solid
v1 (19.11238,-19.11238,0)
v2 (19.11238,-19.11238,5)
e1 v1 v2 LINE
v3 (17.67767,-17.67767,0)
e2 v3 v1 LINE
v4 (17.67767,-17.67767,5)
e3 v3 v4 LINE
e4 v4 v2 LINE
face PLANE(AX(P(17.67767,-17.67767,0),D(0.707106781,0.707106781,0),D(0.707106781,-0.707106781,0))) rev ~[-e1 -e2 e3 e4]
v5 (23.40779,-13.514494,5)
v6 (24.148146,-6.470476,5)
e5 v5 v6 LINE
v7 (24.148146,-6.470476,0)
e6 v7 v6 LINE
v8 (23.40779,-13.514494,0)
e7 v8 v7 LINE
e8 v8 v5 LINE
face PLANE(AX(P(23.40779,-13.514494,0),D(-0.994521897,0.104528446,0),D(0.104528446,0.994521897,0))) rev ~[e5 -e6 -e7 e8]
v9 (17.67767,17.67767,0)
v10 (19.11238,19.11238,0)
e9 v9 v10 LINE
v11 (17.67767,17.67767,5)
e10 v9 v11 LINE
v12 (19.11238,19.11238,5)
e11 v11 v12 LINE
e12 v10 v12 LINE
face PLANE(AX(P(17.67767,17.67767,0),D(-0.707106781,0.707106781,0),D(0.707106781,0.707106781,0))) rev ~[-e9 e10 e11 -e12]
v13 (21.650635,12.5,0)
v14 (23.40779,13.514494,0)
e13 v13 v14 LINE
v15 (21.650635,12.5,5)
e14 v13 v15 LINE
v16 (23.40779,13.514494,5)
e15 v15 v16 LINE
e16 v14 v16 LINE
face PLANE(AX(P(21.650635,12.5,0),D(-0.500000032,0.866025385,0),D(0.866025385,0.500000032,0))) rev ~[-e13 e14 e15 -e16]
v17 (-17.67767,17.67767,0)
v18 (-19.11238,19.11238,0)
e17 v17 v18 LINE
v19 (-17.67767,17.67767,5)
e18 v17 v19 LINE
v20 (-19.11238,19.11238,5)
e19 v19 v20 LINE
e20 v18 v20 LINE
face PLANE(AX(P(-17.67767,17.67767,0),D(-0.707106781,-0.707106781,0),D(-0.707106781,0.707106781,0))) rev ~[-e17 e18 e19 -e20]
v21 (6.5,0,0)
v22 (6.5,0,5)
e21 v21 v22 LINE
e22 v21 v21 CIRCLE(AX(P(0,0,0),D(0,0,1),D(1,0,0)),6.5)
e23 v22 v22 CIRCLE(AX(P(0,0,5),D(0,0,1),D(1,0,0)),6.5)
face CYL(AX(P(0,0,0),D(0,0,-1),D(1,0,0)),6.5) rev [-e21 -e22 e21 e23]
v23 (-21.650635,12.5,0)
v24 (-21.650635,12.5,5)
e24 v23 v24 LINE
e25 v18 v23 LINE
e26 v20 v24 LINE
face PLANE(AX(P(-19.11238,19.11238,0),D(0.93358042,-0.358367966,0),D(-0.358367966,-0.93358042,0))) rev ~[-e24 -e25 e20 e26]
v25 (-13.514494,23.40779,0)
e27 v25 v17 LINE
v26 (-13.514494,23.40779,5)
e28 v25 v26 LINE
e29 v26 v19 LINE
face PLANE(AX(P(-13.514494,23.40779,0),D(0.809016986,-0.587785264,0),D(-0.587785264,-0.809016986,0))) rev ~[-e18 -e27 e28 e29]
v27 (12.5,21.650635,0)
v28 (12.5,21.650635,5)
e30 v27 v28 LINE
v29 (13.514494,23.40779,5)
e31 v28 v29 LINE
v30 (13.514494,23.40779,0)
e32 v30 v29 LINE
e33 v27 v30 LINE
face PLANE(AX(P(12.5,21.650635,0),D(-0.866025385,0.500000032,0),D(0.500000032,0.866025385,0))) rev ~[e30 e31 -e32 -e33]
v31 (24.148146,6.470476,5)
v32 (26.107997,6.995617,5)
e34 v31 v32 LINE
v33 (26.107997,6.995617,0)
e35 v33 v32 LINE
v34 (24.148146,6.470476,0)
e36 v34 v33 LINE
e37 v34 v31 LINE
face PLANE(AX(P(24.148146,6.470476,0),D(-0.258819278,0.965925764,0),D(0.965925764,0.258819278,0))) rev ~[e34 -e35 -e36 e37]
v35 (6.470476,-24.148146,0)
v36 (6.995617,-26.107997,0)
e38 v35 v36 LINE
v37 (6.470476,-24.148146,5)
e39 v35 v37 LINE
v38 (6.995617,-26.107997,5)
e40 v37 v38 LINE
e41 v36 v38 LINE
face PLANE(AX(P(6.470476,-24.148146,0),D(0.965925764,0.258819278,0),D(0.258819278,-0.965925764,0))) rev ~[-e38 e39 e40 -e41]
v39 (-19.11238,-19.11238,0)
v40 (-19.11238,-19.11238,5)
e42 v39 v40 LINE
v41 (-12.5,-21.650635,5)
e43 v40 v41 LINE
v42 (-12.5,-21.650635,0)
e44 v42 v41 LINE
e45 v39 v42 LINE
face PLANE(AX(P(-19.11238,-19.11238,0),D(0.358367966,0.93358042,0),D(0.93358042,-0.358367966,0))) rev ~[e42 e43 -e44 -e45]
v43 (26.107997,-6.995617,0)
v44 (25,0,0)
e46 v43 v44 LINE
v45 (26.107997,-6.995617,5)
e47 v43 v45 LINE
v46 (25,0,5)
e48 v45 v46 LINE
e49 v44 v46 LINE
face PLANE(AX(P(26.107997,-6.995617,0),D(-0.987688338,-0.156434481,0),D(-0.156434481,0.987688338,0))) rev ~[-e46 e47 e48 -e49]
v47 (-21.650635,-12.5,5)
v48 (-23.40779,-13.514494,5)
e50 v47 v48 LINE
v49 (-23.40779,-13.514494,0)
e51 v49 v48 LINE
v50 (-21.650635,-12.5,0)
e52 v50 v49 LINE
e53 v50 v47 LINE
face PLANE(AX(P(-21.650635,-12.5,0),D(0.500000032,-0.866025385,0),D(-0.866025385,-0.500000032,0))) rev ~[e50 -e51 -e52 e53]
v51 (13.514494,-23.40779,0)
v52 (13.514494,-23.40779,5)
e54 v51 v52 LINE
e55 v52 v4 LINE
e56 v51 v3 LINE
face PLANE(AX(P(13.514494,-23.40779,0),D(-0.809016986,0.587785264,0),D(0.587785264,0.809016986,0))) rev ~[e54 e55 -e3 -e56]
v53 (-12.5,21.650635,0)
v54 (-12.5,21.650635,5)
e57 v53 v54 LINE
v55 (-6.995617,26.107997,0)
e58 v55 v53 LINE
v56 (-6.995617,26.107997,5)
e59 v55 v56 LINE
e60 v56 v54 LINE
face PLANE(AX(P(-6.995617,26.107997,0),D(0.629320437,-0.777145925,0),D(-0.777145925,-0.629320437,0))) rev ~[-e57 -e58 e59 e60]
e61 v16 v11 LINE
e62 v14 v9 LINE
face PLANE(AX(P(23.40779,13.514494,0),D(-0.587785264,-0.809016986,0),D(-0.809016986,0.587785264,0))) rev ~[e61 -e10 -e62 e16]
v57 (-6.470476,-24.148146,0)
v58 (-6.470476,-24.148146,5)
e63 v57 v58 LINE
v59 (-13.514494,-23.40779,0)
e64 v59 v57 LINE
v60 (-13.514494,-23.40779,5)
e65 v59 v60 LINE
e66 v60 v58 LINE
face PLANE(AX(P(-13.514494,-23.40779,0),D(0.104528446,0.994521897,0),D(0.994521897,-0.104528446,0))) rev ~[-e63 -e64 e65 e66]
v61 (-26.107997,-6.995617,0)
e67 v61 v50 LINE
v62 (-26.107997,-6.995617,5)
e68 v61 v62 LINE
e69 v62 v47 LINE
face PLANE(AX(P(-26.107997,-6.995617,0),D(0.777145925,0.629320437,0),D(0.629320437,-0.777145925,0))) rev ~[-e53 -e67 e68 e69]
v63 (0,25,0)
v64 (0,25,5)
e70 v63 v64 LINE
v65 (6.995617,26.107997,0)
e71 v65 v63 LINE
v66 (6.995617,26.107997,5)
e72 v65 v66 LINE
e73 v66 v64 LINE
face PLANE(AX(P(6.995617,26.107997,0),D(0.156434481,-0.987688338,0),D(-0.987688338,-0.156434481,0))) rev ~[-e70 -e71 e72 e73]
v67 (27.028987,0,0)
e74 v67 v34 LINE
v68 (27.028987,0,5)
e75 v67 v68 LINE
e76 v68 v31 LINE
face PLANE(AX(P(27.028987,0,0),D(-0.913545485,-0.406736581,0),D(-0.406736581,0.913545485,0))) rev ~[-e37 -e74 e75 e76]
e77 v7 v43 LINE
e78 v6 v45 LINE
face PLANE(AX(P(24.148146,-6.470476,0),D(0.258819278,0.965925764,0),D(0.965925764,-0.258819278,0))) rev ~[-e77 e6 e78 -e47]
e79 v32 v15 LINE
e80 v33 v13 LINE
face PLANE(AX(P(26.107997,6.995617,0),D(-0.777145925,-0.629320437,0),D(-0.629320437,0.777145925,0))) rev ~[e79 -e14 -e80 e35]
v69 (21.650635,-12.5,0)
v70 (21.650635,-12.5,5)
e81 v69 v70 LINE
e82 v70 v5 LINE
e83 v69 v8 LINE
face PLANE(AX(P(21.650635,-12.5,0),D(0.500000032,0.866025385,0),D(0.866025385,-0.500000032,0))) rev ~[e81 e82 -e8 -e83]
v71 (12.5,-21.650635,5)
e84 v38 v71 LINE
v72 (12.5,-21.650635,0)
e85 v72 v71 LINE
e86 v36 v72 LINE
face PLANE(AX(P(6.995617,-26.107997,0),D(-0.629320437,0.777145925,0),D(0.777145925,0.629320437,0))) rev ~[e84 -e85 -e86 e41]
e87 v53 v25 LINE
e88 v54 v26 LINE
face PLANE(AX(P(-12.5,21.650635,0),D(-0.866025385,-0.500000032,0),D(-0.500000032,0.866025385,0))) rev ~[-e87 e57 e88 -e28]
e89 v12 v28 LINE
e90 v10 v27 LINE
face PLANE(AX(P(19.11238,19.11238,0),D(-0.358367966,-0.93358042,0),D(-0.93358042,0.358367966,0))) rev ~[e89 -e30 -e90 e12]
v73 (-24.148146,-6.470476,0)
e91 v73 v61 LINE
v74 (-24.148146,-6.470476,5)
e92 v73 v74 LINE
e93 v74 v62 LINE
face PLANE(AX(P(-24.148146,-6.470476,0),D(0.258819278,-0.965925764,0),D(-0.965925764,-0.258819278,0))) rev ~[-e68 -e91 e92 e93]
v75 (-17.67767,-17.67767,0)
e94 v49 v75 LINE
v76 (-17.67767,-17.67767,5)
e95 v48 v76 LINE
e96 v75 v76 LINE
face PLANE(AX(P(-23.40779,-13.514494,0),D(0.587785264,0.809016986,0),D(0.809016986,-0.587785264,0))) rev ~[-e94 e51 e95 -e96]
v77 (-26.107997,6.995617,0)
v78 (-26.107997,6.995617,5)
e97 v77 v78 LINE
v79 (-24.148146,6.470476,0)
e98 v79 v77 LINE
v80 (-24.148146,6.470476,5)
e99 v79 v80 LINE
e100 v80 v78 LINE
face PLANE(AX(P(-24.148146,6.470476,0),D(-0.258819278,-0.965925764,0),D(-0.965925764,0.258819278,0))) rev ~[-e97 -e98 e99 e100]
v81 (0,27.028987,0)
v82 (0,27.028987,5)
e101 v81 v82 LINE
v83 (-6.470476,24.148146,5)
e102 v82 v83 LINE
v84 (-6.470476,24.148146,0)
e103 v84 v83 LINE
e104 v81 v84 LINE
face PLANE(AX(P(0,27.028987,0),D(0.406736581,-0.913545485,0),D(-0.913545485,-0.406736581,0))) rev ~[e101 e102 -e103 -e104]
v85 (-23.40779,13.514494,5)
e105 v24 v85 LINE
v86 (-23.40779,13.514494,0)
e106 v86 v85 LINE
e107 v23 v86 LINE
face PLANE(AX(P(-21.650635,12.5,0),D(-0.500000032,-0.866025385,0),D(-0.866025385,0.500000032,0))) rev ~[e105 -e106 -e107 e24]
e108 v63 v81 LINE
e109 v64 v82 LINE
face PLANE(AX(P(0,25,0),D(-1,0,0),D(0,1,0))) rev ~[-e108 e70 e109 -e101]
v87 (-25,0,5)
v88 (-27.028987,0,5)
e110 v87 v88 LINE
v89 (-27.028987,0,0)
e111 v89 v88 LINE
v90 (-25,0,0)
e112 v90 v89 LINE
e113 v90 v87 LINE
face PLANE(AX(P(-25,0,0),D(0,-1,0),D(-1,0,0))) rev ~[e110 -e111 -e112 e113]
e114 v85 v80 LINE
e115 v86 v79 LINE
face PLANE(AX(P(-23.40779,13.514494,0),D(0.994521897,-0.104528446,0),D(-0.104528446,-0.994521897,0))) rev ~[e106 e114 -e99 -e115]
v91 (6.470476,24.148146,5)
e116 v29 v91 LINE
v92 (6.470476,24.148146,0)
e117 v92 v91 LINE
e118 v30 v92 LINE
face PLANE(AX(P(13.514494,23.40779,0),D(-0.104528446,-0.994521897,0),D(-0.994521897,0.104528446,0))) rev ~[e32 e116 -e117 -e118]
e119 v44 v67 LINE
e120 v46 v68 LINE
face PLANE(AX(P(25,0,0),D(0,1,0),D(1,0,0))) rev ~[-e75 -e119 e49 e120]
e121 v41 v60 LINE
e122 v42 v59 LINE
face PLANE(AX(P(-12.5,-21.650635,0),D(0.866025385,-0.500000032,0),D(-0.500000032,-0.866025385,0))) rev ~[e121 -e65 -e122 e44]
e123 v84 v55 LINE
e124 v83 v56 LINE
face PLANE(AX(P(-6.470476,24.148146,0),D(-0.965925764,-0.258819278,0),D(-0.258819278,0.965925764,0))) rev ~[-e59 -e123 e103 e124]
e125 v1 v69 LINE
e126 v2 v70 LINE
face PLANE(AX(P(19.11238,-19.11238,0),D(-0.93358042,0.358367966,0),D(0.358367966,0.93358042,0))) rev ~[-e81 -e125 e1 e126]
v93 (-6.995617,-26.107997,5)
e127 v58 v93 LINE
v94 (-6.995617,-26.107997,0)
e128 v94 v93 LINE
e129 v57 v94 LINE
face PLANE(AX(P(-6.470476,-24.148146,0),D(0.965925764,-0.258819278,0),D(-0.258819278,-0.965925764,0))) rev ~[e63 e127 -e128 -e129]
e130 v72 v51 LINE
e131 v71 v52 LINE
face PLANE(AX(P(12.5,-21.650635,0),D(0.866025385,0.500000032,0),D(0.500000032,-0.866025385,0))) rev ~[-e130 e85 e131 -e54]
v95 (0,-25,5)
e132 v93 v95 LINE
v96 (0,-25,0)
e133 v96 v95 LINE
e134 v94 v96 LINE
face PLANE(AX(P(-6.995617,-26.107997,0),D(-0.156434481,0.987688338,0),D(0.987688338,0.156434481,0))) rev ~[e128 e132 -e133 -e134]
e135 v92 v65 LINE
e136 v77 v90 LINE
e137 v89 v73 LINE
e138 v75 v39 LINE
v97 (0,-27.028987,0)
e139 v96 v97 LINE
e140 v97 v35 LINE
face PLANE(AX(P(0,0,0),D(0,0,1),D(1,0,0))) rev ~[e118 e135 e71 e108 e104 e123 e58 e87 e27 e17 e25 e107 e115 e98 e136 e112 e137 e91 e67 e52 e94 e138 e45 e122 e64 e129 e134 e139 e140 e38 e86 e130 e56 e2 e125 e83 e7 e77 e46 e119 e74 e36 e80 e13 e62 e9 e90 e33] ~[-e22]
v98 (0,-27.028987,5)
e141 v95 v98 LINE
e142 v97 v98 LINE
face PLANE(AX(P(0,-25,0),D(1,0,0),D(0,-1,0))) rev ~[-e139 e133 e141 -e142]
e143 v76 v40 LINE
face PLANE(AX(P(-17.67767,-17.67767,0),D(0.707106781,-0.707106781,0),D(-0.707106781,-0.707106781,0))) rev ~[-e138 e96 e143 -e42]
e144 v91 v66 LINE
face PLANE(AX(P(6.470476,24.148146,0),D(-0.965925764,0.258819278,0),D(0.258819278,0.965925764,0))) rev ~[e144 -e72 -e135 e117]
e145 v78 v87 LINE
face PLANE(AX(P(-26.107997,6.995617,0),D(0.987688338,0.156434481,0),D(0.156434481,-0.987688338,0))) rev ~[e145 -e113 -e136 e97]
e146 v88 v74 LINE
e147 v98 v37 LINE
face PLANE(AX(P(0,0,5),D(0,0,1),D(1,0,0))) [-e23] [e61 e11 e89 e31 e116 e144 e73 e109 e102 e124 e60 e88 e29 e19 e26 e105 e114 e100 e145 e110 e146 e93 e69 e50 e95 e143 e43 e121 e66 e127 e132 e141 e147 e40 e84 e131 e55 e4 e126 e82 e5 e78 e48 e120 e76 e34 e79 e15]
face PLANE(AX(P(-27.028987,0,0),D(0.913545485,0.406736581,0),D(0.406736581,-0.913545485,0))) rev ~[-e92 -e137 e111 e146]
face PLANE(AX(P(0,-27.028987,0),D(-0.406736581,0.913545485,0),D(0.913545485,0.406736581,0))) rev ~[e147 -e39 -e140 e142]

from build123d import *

# Parameters (mm, degrees)
F0_R     = 6.5
F1_DEPTH = 5


with BuildPart() as f1:
    # F0 (on Top) → F1 (new body)
    with BuildSketch(Plane.XY):
        Polygon((6.995617, 26.107997), (0, 25), (0, 27.028987), (-6.470476, 24.148146), (-6.995617, 26.107997), (-12.5, 21.650635), (-13.514494, 23.40779), (-17.67767, 17.67767), (-19.11238, 19.11238), (-21.650635, 12.5), (-23.40779, 13.514494), (-24.148146, 6.470476), (-26.107997, 6.995617), (-25, 0), (-27.028987, 0), (-24.148146, -6.470476), (-26.107997, -6.995617), (-21.650635, -12.5), (-23.40779, -13.514494), (-17.67767, -17.67767), (-19.11238, -19.11238), (-12.5, -21.650635), (-13.514494, -23.40779), (-6.470476, -24.148146), (-6.995617, -26.107997), (0, -25), (0, -27.028987), (6.470476, -24.148146), (6.995617, -26.107997), (12.5, -21.650635), (13.514494, -23.40779), (17.67767, -17.67767), (19.11238, -19.11238), (21.650635, -12.5), (23.40779, -13.514494), (24.148146, -6.470476), (26.107997, -6.995617), (25, 0), (27.028987, 0), (24.148146, 6.470476), (26.107997, 6.995617), (21.650635, 12.5), (23.40779, 13.514494), (17.67767, 17.67767), (19.11238, 19.11238), (12.5, 21.650635), (13.514494, 23.40779), (6.470476, 24.148146), align=None)
        Circle(F0_R, mode=Mode.SUBTRACT)
    extrude(amount=F1_DEPTH)


solid = f1.part
